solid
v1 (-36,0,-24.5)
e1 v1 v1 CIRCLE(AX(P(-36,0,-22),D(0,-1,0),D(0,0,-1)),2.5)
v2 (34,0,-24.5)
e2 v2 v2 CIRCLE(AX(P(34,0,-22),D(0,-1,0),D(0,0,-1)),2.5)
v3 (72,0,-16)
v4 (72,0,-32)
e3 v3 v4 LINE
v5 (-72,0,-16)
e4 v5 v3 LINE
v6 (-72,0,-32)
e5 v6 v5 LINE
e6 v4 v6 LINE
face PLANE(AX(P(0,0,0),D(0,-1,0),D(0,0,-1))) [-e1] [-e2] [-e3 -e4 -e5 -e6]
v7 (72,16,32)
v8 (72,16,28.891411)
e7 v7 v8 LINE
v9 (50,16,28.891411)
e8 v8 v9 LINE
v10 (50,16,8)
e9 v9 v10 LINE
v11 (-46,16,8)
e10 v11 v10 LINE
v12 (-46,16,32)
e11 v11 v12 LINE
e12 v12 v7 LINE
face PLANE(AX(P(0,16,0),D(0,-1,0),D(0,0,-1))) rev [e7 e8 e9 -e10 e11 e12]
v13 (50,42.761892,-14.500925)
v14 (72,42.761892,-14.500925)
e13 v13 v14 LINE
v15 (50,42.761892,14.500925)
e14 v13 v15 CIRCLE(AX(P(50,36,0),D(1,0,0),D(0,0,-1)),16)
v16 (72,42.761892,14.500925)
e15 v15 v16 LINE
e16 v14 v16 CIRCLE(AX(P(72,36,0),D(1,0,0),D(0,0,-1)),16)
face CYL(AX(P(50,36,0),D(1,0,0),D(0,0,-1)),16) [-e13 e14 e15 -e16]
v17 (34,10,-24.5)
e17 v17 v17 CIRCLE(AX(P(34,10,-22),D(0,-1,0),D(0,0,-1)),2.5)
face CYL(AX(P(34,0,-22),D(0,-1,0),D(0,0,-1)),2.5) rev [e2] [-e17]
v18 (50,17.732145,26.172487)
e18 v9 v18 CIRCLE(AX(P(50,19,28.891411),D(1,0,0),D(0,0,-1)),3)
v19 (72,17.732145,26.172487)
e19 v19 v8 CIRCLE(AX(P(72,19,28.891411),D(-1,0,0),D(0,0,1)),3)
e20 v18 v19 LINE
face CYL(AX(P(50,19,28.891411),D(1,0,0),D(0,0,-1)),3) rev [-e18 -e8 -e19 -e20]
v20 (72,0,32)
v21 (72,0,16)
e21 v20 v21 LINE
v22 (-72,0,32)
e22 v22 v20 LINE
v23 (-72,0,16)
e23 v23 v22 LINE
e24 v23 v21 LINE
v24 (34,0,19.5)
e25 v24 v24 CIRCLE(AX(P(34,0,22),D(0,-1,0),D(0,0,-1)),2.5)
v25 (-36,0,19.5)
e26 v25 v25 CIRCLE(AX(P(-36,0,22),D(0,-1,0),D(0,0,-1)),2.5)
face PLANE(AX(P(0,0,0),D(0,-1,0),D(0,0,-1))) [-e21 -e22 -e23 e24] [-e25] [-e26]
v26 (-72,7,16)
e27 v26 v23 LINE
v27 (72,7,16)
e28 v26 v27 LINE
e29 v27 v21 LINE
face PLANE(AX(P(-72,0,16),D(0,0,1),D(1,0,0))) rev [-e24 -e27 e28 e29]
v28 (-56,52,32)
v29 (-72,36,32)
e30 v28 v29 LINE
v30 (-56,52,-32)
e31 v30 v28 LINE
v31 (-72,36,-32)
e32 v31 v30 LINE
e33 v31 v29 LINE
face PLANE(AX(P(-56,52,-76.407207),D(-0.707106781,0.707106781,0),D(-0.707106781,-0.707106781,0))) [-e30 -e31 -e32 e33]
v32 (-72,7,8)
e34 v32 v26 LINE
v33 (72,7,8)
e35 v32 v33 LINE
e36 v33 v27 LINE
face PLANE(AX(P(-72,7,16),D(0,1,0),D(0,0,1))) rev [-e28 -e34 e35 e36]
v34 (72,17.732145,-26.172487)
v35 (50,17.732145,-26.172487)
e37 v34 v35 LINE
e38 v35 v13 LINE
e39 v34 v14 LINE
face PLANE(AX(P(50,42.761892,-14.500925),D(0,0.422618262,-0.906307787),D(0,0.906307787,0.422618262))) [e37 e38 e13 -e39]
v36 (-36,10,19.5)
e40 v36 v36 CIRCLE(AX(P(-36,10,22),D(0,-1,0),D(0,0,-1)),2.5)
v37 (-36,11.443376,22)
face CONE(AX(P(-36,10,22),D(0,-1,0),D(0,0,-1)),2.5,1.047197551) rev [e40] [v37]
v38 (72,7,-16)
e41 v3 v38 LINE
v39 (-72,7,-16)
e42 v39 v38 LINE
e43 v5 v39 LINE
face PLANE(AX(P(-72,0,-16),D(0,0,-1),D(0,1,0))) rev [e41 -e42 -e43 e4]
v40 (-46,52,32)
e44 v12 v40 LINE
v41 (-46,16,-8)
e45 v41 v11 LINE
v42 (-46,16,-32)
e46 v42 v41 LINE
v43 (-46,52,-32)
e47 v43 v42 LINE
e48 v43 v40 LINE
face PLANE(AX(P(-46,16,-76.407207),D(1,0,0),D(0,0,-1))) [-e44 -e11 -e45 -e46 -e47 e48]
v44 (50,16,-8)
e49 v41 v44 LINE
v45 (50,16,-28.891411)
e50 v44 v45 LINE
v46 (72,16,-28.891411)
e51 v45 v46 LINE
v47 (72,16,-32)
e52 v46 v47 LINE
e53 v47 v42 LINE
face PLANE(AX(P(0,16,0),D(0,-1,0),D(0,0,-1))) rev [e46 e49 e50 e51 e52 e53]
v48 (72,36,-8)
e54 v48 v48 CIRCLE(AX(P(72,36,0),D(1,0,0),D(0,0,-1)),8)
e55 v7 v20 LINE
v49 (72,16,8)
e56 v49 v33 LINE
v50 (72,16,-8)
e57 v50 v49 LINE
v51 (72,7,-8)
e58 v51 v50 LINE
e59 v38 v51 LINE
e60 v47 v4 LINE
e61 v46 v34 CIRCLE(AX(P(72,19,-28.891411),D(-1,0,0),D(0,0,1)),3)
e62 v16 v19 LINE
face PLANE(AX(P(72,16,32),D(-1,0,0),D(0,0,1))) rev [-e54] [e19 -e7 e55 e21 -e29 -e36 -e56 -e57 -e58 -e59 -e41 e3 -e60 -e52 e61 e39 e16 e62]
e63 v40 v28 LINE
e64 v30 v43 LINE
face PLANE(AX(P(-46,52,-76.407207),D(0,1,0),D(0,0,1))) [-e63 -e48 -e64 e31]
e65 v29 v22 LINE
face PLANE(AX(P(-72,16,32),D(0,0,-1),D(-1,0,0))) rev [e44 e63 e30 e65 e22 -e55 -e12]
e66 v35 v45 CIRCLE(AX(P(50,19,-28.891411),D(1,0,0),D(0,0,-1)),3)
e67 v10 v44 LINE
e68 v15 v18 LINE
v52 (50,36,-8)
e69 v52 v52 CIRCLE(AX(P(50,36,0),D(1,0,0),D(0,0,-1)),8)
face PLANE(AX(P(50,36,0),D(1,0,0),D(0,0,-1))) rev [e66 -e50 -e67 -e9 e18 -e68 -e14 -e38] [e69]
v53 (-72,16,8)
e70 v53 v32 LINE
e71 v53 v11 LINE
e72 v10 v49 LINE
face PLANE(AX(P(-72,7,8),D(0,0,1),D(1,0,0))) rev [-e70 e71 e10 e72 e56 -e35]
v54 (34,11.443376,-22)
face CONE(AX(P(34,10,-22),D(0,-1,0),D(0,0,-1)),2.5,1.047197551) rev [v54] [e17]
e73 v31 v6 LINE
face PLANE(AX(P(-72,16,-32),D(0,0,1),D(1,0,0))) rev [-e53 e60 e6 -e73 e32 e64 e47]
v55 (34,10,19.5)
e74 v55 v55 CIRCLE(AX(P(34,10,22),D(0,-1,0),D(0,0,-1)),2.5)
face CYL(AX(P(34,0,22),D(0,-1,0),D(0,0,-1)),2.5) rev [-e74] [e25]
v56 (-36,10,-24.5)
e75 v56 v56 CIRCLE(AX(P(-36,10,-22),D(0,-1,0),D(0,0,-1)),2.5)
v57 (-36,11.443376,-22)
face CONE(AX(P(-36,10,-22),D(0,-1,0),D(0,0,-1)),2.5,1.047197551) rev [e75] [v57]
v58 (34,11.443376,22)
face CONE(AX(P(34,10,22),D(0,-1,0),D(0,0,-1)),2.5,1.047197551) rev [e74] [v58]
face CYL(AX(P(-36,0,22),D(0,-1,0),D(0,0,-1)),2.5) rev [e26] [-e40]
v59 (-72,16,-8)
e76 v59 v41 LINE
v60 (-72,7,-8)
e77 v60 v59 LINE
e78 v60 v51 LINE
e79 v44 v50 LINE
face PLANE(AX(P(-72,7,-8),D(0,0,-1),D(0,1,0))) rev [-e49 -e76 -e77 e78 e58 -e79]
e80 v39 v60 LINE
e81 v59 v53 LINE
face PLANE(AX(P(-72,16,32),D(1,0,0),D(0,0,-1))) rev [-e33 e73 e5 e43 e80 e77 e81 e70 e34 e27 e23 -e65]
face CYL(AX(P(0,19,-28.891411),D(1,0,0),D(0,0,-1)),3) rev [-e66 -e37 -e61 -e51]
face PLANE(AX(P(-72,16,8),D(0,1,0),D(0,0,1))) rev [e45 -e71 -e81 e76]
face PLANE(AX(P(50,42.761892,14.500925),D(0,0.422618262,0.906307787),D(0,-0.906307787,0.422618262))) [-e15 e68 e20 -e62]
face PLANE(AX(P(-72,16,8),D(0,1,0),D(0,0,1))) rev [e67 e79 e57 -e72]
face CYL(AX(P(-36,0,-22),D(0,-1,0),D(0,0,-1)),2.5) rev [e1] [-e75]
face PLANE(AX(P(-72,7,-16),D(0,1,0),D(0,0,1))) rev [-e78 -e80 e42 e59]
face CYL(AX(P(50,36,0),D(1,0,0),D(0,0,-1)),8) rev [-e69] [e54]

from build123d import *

# Parameters (mm, degrees)
SKETCH1_W                 = 144
SKETCH1_H                 = 64
BOSS_EXTRUDE1_DEPTH       = 16
BOSS_EXTRUDE2_DEPTH       = 64
SKETCH3_R                 = 8
BOSS_EXTRUDE3_DEPTH       = 22
FILLET1_R                 = 3
CUT_EXTRUDE1_DEPTH        = 157.409718368
M6X1_0_TAPPED_HOLE1_D     = 5
M6X1_0_TAPPED_HOLE1_DEPTH = 10
M6X1_0_TAPPED_HOLE1_TIP   = 1.443375673


with BuildPart() as part:
    # Sketch1 → Boss-Extrude1 (new body)
    with BuildSketch(Plane(origin=(0, 0, 0), x_dir=(1, 0, 0), z_dir=(0, 1, 0))):
        Rectangle(SKETCH1_W, SKETCH1_H)
    extrude(amount=BOSS_EXTRUDE1_DEPTH)

    # Sketch2 → Boss-Extrude2 (add)
    with BuildSketch(Plane.XY.offset(32)):
        Polygon((-46, 16), (-46, 52), (-56, 52), (-72, 36), (-72, 16), align=None)
    extrude(amount=-BOSS_EXTRUDE2_DEPTH)

    # Sketch3 → Boss-Extrude3 (add)
    with BuildSketch(Plane(origin=(72, 0, 0), x_dir=(0, 0, -1), z_dir=(1, 0, 0))):
        with BuildLine():
            Line((-14.500924593, 42.761892188), (-26.980199866, 16))
            Line((-26.980199866, 16), (26.980199866, 16))
            Line((26.980199866, 16), (14.500924593, 42.761892188))
            ThreePointArc((14.500924593, 42.761892188), (0, 52), (-14.500924593, 42.761892188))
        make_face()
        with Locations((0, 36)):
            Circle(SKETCH3_R, mode=Mode.SUBTRACT)
    extrude(amount=-BOSS_EXTRUDE3_DEPTH)

    # Fillet1
    fillet1_edges = [part.edges().sort_by_distance(p)[0] for p in [
        (61, 16, -26.980199866),
        (61, 16, 26.980199866),
    ]]
    fillet(fillet1_edges, radius=FILLET1_R)

    # Sketch4 → Cut-Extrude1 (cut, through all)
    with BuildSketch(Plane(origin=(72, 0, 0), x_dir=(0, 0, -1), z_dir=(1, 0, 0))):
        Polygon((-16, 0), (-16, 7), (-8, 7), (-8, 16), (8, 16), (8, 7), (16, 7), (16, 0), align=None)
    extrude(amount=-CUT_EXTRUDE1_DEPTH, mode=Mode.SUBTRACT)

    # M6x1.0 Tapped Hole1
    with Locations(Plane(origin=(0, 0, 0), x_dir=(-1, 0, 0), z_dir=(0, -1, 0))):
        with Locations((-34, -22), (36, -22), (36, 22), (-34, 22)):
            Hole(M6X1_0_TAPPED_HOLE1_D / 2, depth=M6X1_0_TAPPED_HOLE1_DEPTH)
            with Locations((0, 0, -(M6X1_0_TAPPED_HOLE1_DEPTH + M6X1_0_TAPPED_HOLE1_TIP / 2))):  # 120° drill point
                Cone(0, M6X1_0_TAPPED_HOLE1_D / 2, M6X1_0_TAPPED_HOLE1_TIP, mode=Mode.SUBTRACT)


solid = part.part
